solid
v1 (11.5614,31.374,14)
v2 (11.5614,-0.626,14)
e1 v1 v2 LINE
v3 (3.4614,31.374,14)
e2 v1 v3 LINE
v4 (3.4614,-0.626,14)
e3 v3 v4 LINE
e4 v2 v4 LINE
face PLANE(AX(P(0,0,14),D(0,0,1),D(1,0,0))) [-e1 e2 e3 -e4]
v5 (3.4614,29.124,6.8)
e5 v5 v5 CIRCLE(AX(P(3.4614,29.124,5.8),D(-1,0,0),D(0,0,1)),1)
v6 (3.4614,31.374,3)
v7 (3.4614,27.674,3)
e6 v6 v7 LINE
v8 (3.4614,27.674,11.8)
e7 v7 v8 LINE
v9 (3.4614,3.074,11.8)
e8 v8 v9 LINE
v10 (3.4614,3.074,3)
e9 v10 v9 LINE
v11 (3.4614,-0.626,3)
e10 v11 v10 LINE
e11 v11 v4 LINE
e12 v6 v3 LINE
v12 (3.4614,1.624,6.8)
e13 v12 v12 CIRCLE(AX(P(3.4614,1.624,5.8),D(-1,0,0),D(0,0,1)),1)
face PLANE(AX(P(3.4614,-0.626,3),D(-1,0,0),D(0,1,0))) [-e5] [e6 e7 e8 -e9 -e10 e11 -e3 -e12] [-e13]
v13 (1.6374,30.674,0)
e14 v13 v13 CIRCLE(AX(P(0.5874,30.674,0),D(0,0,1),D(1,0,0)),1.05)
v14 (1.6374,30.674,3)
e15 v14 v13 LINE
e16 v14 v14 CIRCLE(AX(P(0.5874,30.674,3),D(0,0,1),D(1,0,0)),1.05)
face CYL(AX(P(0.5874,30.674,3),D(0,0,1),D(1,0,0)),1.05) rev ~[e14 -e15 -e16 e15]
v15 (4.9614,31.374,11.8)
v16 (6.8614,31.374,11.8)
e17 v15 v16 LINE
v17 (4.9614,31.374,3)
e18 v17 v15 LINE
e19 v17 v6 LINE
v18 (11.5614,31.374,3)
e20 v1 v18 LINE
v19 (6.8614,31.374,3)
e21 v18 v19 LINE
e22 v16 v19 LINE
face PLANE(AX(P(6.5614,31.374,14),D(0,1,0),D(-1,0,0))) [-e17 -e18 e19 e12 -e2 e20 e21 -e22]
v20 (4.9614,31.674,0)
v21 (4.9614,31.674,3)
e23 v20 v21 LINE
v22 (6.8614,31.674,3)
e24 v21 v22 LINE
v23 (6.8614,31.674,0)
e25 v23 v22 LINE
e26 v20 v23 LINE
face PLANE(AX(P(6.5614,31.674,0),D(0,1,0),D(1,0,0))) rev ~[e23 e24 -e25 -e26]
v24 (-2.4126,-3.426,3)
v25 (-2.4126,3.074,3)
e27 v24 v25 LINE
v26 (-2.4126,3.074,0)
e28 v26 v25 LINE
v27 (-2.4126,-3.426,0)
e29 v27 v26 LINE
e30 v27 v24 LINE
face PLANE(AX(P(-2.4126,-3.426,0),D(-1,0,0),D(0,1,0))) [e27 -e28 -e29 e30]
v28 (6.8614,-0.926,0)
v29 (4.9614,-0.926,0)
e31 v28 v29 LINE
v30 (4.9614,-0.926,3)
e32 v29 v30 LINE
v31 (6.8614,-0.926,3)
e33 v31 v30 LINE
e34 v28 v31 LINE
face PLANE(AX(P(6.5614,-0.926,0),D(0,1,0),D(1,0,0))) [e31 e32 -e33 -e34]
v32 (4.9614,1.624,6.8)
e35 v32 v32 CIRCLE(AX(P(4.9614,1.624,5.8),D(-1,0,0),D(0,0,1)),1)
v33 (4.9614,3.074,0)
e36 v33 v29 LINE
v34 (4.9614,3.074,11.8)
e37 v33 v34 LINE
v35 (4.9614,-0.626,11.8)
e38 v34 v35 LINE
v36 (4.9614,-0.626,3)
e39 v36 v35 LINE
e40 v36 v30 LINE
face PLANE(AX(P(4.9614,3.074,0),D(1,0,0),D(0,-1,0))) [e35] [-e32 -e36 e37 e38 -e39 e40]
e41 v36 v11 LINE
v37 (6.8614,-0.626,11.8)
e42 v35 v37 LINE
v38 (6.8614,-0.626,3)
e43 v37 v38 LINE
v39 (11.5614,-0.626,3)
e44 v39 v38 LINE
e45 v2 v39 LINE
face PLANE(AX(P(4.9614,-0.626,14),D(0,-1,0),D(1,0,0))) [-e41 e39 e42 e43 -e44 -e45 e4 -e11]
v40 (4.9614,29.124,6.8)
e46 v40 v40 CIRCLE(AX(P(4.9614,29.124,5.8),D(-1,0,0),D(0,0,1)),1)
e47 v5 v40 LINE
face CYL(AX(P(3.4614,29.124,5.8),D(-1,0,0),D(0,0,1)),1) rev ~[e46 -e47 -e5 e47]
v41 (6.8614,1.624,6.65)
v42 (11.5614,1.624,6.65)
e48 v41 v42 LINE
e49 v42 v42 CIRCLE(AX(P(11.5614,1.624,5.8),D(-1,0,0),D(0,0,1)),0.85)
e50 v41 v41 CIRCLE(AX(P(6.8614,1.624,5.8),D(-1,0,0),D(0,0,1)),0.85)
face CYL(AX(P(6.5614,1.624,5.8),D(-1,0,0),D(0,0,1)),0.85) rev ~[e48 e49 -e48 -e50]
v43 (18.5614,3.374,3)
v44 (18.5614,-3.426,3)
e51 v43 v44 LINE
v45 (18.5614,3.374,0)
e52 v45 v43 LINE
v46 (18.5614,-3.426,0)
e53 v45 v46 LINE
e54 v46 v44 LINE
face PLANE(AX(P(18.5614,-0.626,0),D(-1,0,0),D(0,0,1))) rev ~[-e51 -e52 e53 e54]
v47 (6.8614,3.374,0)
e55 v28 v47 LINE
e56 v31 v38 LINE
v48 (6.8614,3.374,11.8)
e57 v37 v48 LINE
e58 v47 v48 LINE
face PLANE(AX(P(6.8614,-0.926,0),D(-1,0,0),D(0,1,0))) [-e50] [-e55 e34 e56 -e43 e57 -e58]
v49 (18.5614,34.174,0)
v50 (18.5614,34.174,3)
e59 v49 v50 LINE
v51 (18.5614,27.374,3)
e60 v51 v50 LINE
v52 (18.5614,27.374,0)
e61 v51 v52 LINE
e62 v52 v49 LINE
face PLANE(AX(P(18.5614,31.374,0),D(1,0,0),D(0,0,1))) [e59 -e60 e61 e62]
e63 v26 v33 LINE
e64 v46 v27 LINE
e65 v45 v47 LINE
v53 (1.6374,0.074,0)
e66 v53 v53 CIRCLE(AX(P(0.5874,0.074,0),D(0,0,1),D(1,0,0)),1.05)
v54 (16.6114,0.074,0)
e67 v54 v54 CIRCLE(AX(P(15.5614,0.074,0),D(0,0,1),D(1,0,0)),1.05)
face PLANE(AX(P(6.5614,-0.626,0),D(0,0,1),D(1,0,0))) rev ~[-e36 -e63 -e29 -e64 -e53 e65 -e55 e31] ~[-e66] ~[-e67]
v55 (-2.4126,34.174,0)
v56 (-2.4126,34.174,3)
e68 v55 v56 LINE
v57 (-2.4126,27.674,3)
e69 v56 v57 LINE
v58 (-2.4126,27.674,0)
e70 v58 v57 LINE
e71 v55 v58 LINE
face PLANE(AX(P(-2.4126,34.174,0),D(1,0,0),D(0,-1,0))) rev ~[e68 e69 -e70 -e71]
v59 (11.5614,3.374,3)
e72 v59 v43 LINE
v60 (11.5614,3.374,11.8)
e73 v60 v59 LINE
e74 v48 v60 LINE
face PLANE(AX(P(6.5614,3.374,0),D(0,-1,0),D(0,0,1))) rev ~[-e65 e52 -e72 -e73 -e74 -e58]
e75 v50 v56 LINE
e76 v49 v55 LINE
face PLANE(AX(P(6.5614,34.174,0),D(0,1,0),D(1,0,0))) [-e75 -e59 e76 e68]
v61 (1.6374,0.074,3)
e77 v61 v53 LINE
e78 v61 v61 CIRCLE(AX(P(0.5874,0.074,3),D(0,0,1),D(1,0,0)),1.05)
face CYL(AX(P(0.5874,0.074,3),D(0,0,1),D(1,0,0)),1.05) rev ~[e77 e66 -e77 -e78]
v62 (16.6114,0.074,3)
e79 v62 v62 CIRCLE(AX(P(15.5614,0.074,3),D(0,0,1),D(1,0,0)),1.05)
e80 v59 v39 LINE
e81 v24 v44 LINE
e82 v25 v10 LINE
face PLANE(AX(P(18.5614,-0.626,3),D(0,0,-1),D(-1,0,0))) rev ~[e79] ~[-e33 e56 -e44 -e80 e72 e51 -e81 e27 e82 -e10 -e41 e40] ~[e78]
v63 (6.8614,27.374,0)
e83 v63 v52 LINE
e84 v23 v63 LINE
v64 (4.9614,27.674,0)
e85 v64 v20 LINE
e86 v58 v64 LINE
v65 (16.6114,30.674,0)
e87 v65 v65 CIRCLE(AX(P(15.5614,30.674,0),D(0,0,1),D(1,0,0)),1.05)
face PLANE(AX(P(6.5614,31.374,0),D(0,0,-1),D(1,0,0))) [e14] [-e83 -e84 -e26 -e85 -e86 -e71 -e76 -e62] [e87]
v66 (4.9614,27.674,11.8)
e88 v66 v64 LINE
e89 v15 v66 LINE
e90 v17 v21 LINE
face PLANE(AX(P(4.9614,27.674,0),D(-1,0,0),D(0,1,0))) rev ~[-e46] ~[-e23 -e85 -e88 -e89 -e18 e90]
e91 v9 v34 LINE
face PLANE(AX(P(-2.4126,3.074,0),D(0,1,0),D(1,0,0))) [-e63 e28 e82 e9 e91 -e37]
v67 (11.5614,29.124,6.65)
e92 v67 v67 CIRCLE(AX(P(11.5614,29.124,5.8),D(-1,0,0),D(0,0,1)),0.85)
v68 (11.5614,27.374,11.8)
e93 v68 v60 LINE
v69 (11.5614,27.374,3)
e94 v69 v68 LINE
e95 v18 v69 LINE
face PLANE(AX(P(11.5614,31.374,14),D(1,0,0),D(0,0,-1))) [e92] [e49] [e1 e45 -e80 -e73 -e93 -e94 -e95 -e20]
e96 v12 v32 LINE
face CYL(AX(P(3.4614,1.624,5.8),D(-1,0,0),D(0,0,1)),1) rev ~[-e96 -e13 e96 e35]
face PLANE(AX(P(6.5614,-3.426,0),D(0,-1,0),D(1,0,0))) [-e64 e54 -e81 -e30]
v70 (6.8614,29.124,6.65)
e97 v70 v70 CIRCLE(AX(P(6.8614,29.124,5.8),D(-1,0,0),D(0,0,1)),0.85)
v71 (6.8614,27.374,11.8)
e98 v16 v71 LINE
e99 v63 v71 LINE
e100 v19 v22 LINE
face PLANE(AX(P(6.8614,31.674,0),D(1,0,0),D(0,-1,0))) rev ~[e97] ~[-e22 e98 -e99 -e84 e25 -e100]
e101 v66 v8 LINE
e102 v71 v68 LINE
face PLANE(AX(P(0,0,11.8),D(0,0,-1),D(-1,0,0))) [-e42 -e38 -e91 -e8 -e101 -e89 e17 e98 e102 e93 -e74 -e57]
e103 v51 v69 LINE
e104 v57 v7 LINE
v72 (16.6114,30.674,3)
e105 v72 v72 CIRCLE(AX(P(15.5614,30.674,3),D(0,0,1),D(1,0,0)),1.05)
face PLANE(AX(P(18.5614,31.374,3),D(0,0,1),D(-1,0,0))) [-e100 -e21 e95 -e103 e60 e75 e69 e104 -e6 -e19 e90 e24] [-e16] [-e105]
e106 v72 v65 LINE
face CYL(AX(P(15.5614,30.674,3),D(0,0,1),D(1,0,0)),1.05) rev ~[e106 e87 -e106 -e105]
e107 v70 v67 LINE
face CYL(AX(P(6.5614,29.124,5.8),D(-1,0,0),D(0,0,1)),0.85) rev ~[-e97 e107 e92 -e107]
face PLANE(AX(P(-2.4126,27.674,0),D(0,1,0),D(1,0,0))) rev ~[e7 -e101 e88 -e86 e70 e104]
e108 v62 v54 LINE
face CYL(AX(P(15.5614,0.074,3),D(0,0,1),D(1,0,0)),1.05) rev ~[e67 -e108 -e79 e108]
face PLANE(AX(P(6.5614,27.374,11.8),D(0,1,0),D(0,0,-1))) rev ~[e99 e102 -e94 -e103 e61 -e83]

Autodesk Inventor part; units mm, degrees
ref_plane "YZ Plane" through (0, 0, 0) normal (1, 0, 0) x (0, 1, 0)
ref_plane "XZ Plane" through (0, 0, 0) normal (0, 1, 0) x (-1, 0, 0)
ref_plane "XY Plane" through (0, 0, 0) normal (0, 0, 1) x (1, 0, 0)
sketch "スケッチ1" plane through (0, 0, 0) normal (0, 0, 1) x (1, 0, 0)
  line L0 (4.7874, 3.074) -> (-2.4126, 3.074) construction
  line L1 (-2.4126, 3.074) -> (-2.4126, -2.5626) construction
  line L2 (4.6566, -2.5626) -> (-2.4126, -2.5626) construction
  line L3 (4.6566, -14.1826) -> (4.6566, -2.5626) construction
  line L4 (32.7567, -14.1826) -> (4.6566, -14.1826) construction
  arc A0 (33.6403, -15.0662) -> (32.7567, -14.1826) centre (32.7567, -15.0662) ccw construction
  line L5 (33.6403, -15.0662) -> (33.6403, -5.3461) construction
  arc A1 (32.7567, -6.2297) -> (33.6403, -5.3461) centre (32.7567, -5.3461) ccw construction
  line L6 (32.7567, -6.2297) -> (28.4268, -6.2297) construction
  line L7 (28.4268, 12.9897) -> (28.4268, -6.2297) construction
  line L8 (28.4268, 12.9897) -> (33.7287, 12.9897) construction
  line L9 (33.7287, 34.374) -> (33.7287, 12.9897) construction
  line L10 (-2.4126, 34.374) -> (33.7287, 34.374) construction
  line L11 (-2.4126, 34.374) -> (-2.4126, 27.674) construction
  line L12 (-2.4126, 27.674) -> (4.7874, 27.674) construction
  line L13 (4.7874, 27.674) -> (4.7874, 31.674) construction
  line L14 (4.7874, 31.674) -> (7.0874, 31.674) construction
  line L15 (7.0874, 31.674) -> (7.0874, 27.674) construction
  line L16 (7.0874, 27.674) -> (22.5874, 27.674) construction
  line L17 (22.5874, 27.674) -> (22.5874, 3.074) construction
  line L18 (22.5874, 3.074) -> (7.0874, 3.074) construction
  line L19 (7.0874, 3.074) -> (7.0874, -0.926) construction
  line L20 (7.0874, -0.926) -> (4.7874, -0.926) construction
  line L21 (4.7874, -0.926) -> (4.7874, 3.074) construction
  line L22 (4.9614, 30.124) -> (6.5614, 30.124) construction
  line L23 (4.9614, 28.124) -> (6.5614, 28.124) construction
  line L24 (6.5614, 27.174) -> (20.8114, 27.174) construction
  line L25 (6.5614, 29.374) -> (6.5614, 31.374) construction
  line L26 (6.5614, 26.174) -> (6.5614, 29.374) construction
  line L27 (18.4524, 3.574) -> (6.5614, 3.574) construction
  line L28 (6.5614, 1.374) -> (6.5614, 4.574) construction
  line L29 (6.5614, -0.626) -> (6.5614, 1.374) construction
  line L30 (4.9614, 2.624) -> (6.5614, 2.624) construction
  line L31 (4.9614, 0.624) -> (6.5614, 0.624) construction
  line L32 (6.5614, 31.374) -> (18.5614, 31.374)
  line L33 (18.5614, 31.374) -> (18.5614, -0.626)
  line L34 (18.5614, -0.626) -> (6.5614, -0.626)
  line L35 (6.5614, -0.626) -> (6.5614, 31.374)
  circle A2 centre (0.5874, 30.674) radius 0.8
  circle A3 centre (15.5614, 0.074) radius 0.8
  circle A4 centre (0.5874, 0.074) radius 0.8
  circle A5 centre (15.5614, 30.674) radius 0.8
  point P0 (0, 0)
extrude "押し出し1" add sketch "スケッチ1" along normal blind 14 contours L32 A5 L33 L34 A3 L35 | L32 A5 | A3 L34 picked at (15.5843, 30.875) picked at (15.5358, 0.3268)
sketch "スケッチ2" plane through (6.5614, -0.626, 0) normal (-1, 0, 0) x (0, 0, 1)
  line L0 (1, 27.8) -> (10.6, 27.8) construction
  arc A0 (11.6, 26.8) -> (10.6, 27.8) centre (10.6, 26.8) ccw construction
  line L1 (11.6, 26.8) -> (11.6, 30) construction
  arc A1 (11.6, 30) -> (9.6, 32) centre (9.6, 30) ccw construction
  line L2 (2, 32) -> (9.6, 32) construction
  arc A2 (2, 32) -> (0, 30) centre (2, 30) ccw construction
  line L3 (0, 26.8) -> (0, 30) construction
  arc A3 (1, 27.8) -> (0, 26.8) centre (1, 26.8) ccw construction
  circle A4 centre (5.8, 29.75) radius 1 construction
  arc A5 (10.6, 4.2) -> (11.6, 5.2) centre (10.6, 5.2) ccw construction
  line L4 (10.6, 4.2) -> (1, 4.2) construction
  arc A6 (0, 5.2) -> (1, 4.2) centre (1, 5.2) ccw construction
  line L5 (0, 2) -> (0, 5.2) construction
  arc A7 (0, 2) -> (2, 0) centre (2, 2) ccw construction
  line L6 (9.6, 0) -> (2, 0) construction
  arc A8 (9.6, 0) -> (11.6, 2) centre (9.6, 2) ccw construction
  line L7 (11.6, 2) -> (11.6, 5.2) construction
  circle A9 centre (5.8, 2.25) radius 1 construction
  circle A10 centre (5.8, 29.75) radius 0.85
  circle A11 centre (5.8, 2.25) radius 0.85
  point P0 (0, 0.626)
  dimension "d3" = 1.7
extrude "押し出し2" cut sketch "スケッチ2" against normal up to next
sketch "スケッチ3" plane through (6.5614, -0.626, 0) normal (-1, 0, 0) x (0, 0, 1)
  line L0 (9.6, 27.8) -> (2, 27.8) construction
  line L1 (11.6, 9.918) -> (11.6, 25.8) construction
  spline S0 degree 5 poles (31.6664, 3.8342) (33.0444, 2.9064) (34.3681, 1.8973) (35.6334, 0.8093) (37.4433, -0.9431) (39.0884, -2.8469) (39.625, -3.5071) (40.1413, -4.1828) (40.6369, -4.8737) knots 0.500883 0.500883 0.500883 0.500883 0.500883 0.500883 16.687593 16.687593 16.687593 24.970224 24.970224 24.970224 24.970224 24.970224 24.970224 construction
  line L2 (1, 27.8) -> (10.6, 27.8) construction
  arc A0 (11.6, 26.8) -> (10.6, 27.8) centre (10.6, 26.8) ccw construction
  line L3 (11.6, 26.8) -> (11.6, 30) construction
  arc A1 (11.6, 30) -> (9.6, 32) centre (9.6, 30) ccw construction
  line L4 (2, 32) -> (9.6, 32) construction
  arc A2 (2, 32) -> (0, 30) centre (2, 30) ccw construction
  line L5 (0, 26.8) -> (0, 30) construction
  arc A3 (1, 27.8) -> (0, 26.8) centre (1, 26.8) ccw construction
  circle A4 centre (5.8, 29.75) radius 1 construction
  arc A5 (10.6, 4.2) -> (11.6, 5.2) centre (10.6, 5.2) ccw construction
  line L6 (10.6, 4.2) -> (1, 4.2) construction
  arc A6 (0, 5.2) -> (1, 4.2) centre (1, 5.2) ccw construction
  line L7 (0, 2) -> (0, 5.2) construction
  arc A7 (0, 2) -> (2, 0) centre (2, 2) ccw construction
  line L8 (9.6, 0) -> (2, 0) construction
  arc A8 (9.6, 0) -> (11.6, 2) centre (9.6, 2) ccw construction
  line L9 (11.6, 2) -> (11.6, 5.2) construction
  circle A9 centre (5.8, 2.25) radius 1 construction
  line L10 (11.8, 28) -> (-0.2, 28)
  line L11 (-0.2, 28) -> (-0.2, 4)
  line L12 (-0.2, 4) -> (11.8, 4)
  line L13 (11.8, 4) -> (11.8, 28)
  line L14 (0, 0) -> (0, 32) projected
  point P0 (0, 0.626)
  dimension "d6" = 0.2
  dimension "d7" = 0.2
  dimension "d8" = 0.2
  dimension "d9" = 0.2
extrude "押し出し3" cut sketch "スケッチ3" against normal up to next
sketch "スケッチ4" plane through (6.5614, 31.374, 0) normal (0, 1, 0) x (1, 0, 0)
  line L0 (12, -14) -> (0, -14) projected
  line L1 (12, -14) -> (5, -14)
  line L2 (5, -14) -> (5, -3)
  line L3 (5, -3) -> (12, -3)
  line L4 (12, -3) -> (12, -14)
  line L5 (0, 0) -> (12, 0) projected
  point P0 (-6.5614, 0)
  dimension "d12" = 7
  dimension "d13" = 3
extrude "押し出し4" cut sketch "スケッチ4" against normal up to next
sketch "スケッチ5" plane through (6.5614, -0.626, 0) normal (0, -1, 0) x (1, 0, 0)
  line L0 (12, 0) -> (12, 3) projected
  line L1 (12, 3) -> (0, 3)
  line L2 (0, 3) -> (0, 0)
  line L3 (0, 0) -> (12, 0)
  line L4 (12, 0) -> (12, 3)
  point P0 (-6.5614, 0)
extrude "押し出し5" add sketch "スケッチ5" along normal blind 2.8
sketch "スケッチ6" plane through (6.5614, 31.374, 0) normal (0, 1, 0) x (1, 0, 0)
  line L0 (12, -3) -> (0, -3) projected
  line L1 (0, 0) -> (0, -14) projected
  line L2 (12, -3) -> (0, -3)
  line L3 (0, -3) -> (0, 0)
  line L4 (0, 0) -> (12, 0)
  line L5 (12, 0) -> (12, -3)
  point P0 (-6.5614, 0)
extrude "押し出し6" add sketch "スケッチ6" along normal blind 2.8
sketch "スケッチ7" plane through (0, 0, 0) normal (0, 0, -1) x (-1, 0, 0)
  line L0 (-4.7874, 3.074) -> (2.4126, 3.074) construction
  line L1 (2.4126, 3.074) -> (2.4126, -2.5626) construction
  line L2 (-4.6566, -2.5626) -> (2.4126, -2.5626) construction
  line L3 (-4.6566, -14.1826) -> (-4.6566, -2.5626) construction
  line L4 (-32.7567, -14.1826) -> (-4.6566, -14.1826) construction
  arc A0 (-32.7567, -14.1826) -> (-33.6403, -15.0662) centre (-32.7567, -15.0662) ccw construction
  line L5 (-33.6403, -15.0662) -> (-33.6403, -5.3461) construction
  arc A1 (-33.6403, -5.3461) -> (-32.7567, -6.2297) centre (-32.7567, -5.3461) ccw construction
  line L6 (-32.7567, -6.2297) -> (-28.4268, -6.2297) construction
  line L7 (-28.4268, 12.9897) -> (-28.4268, -6.2297) construction
  line L8 (-28.4268, 12.9897) -> (-33.7287, 12.9897) construction
  line L9 (-33.7287, 34.374) -> (-33.7287, 12.9897) construction
  line L10 (2.4126, 34.374) -> (-33.7287, 34.374) construction
  line L11 (2.4126, 34.374) -> (2.4126, 27.674) construction
  line L12 (2.4126, 27.674) -> (-4.7874, 27.674) construction
  line L13 (-4.7874, 27.674) -> (-4.7874, 31.674) construction
  line L14 (-4.7874, 31.674) -> (-7.0874, 31.674) construction
  line L15 (-7.0874, 31.674) -> (-7.0874, 27.674) construction
  line L16 (-7.0874, 27.674) -> (-22.5874, 27.674) construction
  line L17 (-22.5874, 27.674) -> (-22.5874, 3.074) construction
  line L18 (-22.5874, 3.074) -> (-7.0874, 3.074) construction
  line L19 (-7.0874, 3.074) -> (-7.0874, -0.926) construction
  line L20 (-7.0874, -0.926) -> (-4.7874, -0.926) construction
  line L21 (-4.7874, -0.926) -> (-4.7874, 3.074) construction
  line L22 (-4.9614, 31.374) -> (-4.9614, 29.374) construction
  line L23 (-6.9374, 3.074) -> (-6.9374, -0.926) construction
  line L24 (-22.5874, 3.074) -> (-7.0874, 3.074) construction
  line L25 (-22.4374, 27.674) -> (-22.4374, 3.074) construction
  line L26 (-7.0874, 27.674) -> (-22.5874, 27.674) construction
  line L27 (-6.9374, 31.674) -> (-6.9374, 27.674) construction
  line L28 (-4.7874, 31.674) -> (-7.0874, 31.674) construction
  line L29 (-4.6374, 27.674) -> (-4.6374, 31.674) construction
  line L30 (2.4126, 27.674) -> (-4.7874, 27.674) construction
  line L31 (2.5626, 3.074) -> (2.5626, 27.674) construction
  line L32 (-4.7874, 3.074) -> (2.4126, 3.074) construction
  line L33 (-4.6374, -0.926) -> (-4.6374, 3.074) construction
  line L34 (-7.0874, -0.926) -> (-4.7874, -0.926) construction
  line L35 (-4.9614, 1.374) -> (-4.9614, -0.626) construction
  line L36 (-6.5614, 27.374) -> (-6.5614, 34.174) projected
  line L37 (-6.5614, 34.174) -> (2.4126, 34.174)
  line L38 (2.4126, 34.174) -> (2.4126, 27.674)
  line L39 (2.4126, 27.674) -> (-4.9614, 27.674)
  line L40 (-4.9614, 27.674) -> (-4.9614, 31.674)
  line L41 (-4.9614, 31.674) -> (-6.5614, 31.674)
  line L42 (-6.5614, 31.674) -> (-6.5614, 34.174)
  line L43 (-6.5614, -0.626) -> (-6.5614, -3.426) projected
  line L44 (-6.5614, -3.426) -> (2.4126, -3.426)
  line L45 (2.4126, -3.426) -> (2.4126, 3.074)
  line L46 (2.4126, 3.074) -> (-4.9614, 3.074)
  line L47 (-4.9614, 3.074) -> (-4.9614, -0.926)
  line L48 (-4.9614, -0.926) -> (-6.5614, -0.926)
  line L49 (-6.5614, -0.926) -> (-6.5614, -3.426)
  circle A2 centre (-0.5874, 30.674) radius 0.8 projected
  circle A3 centre (-15.5614, 0.074) radius 0.8 projected
  circle A4 centre (-0.5874, 0.074) radius 0.8 projected
  circle A5 centre (-15.5614, 30.674) radius 0.8 projected
  point P0 (0, 0)
extrude "押し出し7" add sketch "スケッチ7" against normal up to surface (3 mm away) contours L36 L37 L38 L39 L40 L41 | L48 L47 L46 L45 L44 L43 | A2 | A4
sketch "スケッチ8" plane through (6.5614, 31.374, 3) normal (0, 0, 1) x (1, 0, 0)
  line L0 (-8.974, -28.3) -> (-1.6, -28.3) projected
  line L1 (-1.6, -32) -> (-3.1, -32)
  line L2 (-3.1, -32) -> (-3.1, -28.3)
  line L3 (-3.1, -28.3) -> (-1.6, -28.3)
  line L4 (-1.6, -28.3) -> (-1.6, -32)
  line L5 (-1.6, -32.3) -> (-1.6, -28.3) projected
  line L6 (0, -32) -> (5, -32) projected
  line L7 (-1.6, -3.7) -> (-8.974, -3.7) projected
  line L8 (-1.6, 0) -> (-3.1, 0)
  line L9 (-3.1, 0) -> (-3.1, -3.7)
  line L10 (-3.1, -3.7) -> (-1.6, -3.7)
  line L11 (-1.6, -3.7) -> (-1.6, 0)
  line L12 (5, 0) -> (0, 0) projected
  line L13 (-1.6, -3.7) -> (-1.6, 0.3) projected
  point P0 (-6.5614, -31.374)
  dimension "d22" = 1.5
extrude "押し出し8" add sketch "スケッチ8" along normal up to surface (11 mm away)
sketch "スケッチ9" plane through (0, 0, 14) normal (0, 0, 1) x (1, 0, 0)
  line L0 (11.5614, -0.626) -> (11.5614, 31.374) construction
  line L1 (11.5614, 31.374) -> (6.5614, 31.374) construction
  line L2 (6.5614, 31.374) -> (6.5614, -0.626) construction
  line L3 (6.5614, -0.626) -> (11.5614, -0.626) construction
  line L4 (4.9614, 31.374) -> (4.9614, 27.674) construction
  line L5 (3.4614, 31.374) -> (4.9614, 31.374) construction
  line L6 (3.4614, 27.674) -> (3.4614, 31.374) construction
  line L7 (4.9614, 27.674) -> (3.4614, 27.674) construction
  line L8 (4.9614, -0.626) -> (3.4614, -0.626) construction
  line L9 (4.9614, 3.074) -> (4.9614, -0.626) construction
  line L10 (3.4614, 3.074) -> (4.9614, 3.074) construction
  line L11 (3.4614, -0.626) -> (3.4614, 3.074) construction
  line L12 (6.5614, 31.374) -> (4.9614, 31.374)
  line L13 (4.9614, 31.374) -> (4.9614, 27.674)
  line L14 (4.9614, 27.674) -> (3.4614, 27.674) projected
  line L15 (4.9614, 27.674) -> (3.4614, 27.674)
  line L16 (3.4614, -0.626) -> (3.4614, 3.074) projected
  line L17 (3.4614, 27.674) -> (3.4614, 3.074)
  line L18 (3.4614, 3.074) -> (4.9614, 3.074)
  line L19 (4.9614, -0.626) -> (3.4614, -0.626) projected
  line L20 (4.9614, 3.074) -> (4.9614, -0.626)
  line L21 (4.9614, -0.626) -> (6.5614, -0.626)
  line L22 (6.5614, -0.626) -> (6.5614, 31.374)
  point P0 (0, 0)
extrude "押し出し9" add sketch "スケッチ9" against normal up to surface (2.2 mm away) contours L22 L21 L20 L18 L17 L14 L13 L12
sketch "スケッチ10" plane through (3.4614, 27.674, 3) normal (-1, 0, 0) x (0, 0, 1)
  circle A0 centre (2.8, 1.45) radius 0.85 construction
  circle A1 centre (2.8, -26.05) radius 1 construction
  circle A2 centre (2.8, 1.45) radius 1
  circle A3 centre (2.8, -26.05) radius 1
  point P0 (-3, -27.674)
  dimension "d27" = 2
extrude "押し出し10" cut sketch "スケッチ10" against normal up to next
sketch "スケッチ11" plane through (6.5614, 31.374, 3) normal (0, 0, 1) x (1, 0, 0)
  circle A0 centre (9, -0.7) radius 1.05
  circle A1 centre (-5.974, -0.7) radius 1.05
  line L0 (-8.974, 2.8) -> (-8.974, -3.7) projected
  line L1 (-8.974, -3.7) -> (-3.1, -3.7) projected
  line L2 (12, -4) -> (12, 2.8) projected
  circle A2 centre (9, -31.3) radius 1.05
  circle A3 centre (-5.974, -31.3) radius 1.05
  line L3 (-3.1, -28.3) -> (-8.974, -28.3) projected
  point P0 (-6.5614, -31.374)
  dimension "d30" = 3
  dimension "d31" = 3
  dimension "d32" = 2.1
  dimension "d33" = 3
  dimension "d34" = 3
extrude "押し出し11" cut sketch "スケッチ11" against normal up to next
sketch "スケッチ12" plane through (0, 0, 0) normal (0, 0, -1) x (-1, 0, 0)
  line L0 (-6.5614, 31.674) -> (-4.9614, 31.674) projected
  line L1 (-18.5614, 27.374) -> (-6.5614, 27.374) projected
  line L2 (-6.5614, 31.674) -> (-6.8614, 31.674)
  line L3 (-6.8614, 31.674) -> (-6.8614, 27.374)
  line L4 (-6.8614, 27.374) -> (-6.5614, 27.374)
  line L5 (-6.5614, 27.374) -> (-6.5614, 31.674)
  line L6 (-4.9614, -0.926) -> (-6.5614, -0.926) projected
  line L7 (-6.5614, -0.926) -> (-6.8614, -0.926)
  line L8 (-6.8614, -0.926) -> (-6.8614, 3.374)
  line L9 (-6.8614, 3.374) -> (-6.5614, 3.374)
  line L10 (-6.5614, 3.374) -> (-6.5614, -0.926)
  line L11 (-6.5614, 3.374) -> (-18.5614, 3.374) projected
  point P0 (0, 0)
  dimension "d37" = 0.3
extrude "押し出し12" cut sketch "スケッチ12" against normal up to surface (11.8 mm away)
properties part number "MR-H-09" material "ナイロン 6/6"
